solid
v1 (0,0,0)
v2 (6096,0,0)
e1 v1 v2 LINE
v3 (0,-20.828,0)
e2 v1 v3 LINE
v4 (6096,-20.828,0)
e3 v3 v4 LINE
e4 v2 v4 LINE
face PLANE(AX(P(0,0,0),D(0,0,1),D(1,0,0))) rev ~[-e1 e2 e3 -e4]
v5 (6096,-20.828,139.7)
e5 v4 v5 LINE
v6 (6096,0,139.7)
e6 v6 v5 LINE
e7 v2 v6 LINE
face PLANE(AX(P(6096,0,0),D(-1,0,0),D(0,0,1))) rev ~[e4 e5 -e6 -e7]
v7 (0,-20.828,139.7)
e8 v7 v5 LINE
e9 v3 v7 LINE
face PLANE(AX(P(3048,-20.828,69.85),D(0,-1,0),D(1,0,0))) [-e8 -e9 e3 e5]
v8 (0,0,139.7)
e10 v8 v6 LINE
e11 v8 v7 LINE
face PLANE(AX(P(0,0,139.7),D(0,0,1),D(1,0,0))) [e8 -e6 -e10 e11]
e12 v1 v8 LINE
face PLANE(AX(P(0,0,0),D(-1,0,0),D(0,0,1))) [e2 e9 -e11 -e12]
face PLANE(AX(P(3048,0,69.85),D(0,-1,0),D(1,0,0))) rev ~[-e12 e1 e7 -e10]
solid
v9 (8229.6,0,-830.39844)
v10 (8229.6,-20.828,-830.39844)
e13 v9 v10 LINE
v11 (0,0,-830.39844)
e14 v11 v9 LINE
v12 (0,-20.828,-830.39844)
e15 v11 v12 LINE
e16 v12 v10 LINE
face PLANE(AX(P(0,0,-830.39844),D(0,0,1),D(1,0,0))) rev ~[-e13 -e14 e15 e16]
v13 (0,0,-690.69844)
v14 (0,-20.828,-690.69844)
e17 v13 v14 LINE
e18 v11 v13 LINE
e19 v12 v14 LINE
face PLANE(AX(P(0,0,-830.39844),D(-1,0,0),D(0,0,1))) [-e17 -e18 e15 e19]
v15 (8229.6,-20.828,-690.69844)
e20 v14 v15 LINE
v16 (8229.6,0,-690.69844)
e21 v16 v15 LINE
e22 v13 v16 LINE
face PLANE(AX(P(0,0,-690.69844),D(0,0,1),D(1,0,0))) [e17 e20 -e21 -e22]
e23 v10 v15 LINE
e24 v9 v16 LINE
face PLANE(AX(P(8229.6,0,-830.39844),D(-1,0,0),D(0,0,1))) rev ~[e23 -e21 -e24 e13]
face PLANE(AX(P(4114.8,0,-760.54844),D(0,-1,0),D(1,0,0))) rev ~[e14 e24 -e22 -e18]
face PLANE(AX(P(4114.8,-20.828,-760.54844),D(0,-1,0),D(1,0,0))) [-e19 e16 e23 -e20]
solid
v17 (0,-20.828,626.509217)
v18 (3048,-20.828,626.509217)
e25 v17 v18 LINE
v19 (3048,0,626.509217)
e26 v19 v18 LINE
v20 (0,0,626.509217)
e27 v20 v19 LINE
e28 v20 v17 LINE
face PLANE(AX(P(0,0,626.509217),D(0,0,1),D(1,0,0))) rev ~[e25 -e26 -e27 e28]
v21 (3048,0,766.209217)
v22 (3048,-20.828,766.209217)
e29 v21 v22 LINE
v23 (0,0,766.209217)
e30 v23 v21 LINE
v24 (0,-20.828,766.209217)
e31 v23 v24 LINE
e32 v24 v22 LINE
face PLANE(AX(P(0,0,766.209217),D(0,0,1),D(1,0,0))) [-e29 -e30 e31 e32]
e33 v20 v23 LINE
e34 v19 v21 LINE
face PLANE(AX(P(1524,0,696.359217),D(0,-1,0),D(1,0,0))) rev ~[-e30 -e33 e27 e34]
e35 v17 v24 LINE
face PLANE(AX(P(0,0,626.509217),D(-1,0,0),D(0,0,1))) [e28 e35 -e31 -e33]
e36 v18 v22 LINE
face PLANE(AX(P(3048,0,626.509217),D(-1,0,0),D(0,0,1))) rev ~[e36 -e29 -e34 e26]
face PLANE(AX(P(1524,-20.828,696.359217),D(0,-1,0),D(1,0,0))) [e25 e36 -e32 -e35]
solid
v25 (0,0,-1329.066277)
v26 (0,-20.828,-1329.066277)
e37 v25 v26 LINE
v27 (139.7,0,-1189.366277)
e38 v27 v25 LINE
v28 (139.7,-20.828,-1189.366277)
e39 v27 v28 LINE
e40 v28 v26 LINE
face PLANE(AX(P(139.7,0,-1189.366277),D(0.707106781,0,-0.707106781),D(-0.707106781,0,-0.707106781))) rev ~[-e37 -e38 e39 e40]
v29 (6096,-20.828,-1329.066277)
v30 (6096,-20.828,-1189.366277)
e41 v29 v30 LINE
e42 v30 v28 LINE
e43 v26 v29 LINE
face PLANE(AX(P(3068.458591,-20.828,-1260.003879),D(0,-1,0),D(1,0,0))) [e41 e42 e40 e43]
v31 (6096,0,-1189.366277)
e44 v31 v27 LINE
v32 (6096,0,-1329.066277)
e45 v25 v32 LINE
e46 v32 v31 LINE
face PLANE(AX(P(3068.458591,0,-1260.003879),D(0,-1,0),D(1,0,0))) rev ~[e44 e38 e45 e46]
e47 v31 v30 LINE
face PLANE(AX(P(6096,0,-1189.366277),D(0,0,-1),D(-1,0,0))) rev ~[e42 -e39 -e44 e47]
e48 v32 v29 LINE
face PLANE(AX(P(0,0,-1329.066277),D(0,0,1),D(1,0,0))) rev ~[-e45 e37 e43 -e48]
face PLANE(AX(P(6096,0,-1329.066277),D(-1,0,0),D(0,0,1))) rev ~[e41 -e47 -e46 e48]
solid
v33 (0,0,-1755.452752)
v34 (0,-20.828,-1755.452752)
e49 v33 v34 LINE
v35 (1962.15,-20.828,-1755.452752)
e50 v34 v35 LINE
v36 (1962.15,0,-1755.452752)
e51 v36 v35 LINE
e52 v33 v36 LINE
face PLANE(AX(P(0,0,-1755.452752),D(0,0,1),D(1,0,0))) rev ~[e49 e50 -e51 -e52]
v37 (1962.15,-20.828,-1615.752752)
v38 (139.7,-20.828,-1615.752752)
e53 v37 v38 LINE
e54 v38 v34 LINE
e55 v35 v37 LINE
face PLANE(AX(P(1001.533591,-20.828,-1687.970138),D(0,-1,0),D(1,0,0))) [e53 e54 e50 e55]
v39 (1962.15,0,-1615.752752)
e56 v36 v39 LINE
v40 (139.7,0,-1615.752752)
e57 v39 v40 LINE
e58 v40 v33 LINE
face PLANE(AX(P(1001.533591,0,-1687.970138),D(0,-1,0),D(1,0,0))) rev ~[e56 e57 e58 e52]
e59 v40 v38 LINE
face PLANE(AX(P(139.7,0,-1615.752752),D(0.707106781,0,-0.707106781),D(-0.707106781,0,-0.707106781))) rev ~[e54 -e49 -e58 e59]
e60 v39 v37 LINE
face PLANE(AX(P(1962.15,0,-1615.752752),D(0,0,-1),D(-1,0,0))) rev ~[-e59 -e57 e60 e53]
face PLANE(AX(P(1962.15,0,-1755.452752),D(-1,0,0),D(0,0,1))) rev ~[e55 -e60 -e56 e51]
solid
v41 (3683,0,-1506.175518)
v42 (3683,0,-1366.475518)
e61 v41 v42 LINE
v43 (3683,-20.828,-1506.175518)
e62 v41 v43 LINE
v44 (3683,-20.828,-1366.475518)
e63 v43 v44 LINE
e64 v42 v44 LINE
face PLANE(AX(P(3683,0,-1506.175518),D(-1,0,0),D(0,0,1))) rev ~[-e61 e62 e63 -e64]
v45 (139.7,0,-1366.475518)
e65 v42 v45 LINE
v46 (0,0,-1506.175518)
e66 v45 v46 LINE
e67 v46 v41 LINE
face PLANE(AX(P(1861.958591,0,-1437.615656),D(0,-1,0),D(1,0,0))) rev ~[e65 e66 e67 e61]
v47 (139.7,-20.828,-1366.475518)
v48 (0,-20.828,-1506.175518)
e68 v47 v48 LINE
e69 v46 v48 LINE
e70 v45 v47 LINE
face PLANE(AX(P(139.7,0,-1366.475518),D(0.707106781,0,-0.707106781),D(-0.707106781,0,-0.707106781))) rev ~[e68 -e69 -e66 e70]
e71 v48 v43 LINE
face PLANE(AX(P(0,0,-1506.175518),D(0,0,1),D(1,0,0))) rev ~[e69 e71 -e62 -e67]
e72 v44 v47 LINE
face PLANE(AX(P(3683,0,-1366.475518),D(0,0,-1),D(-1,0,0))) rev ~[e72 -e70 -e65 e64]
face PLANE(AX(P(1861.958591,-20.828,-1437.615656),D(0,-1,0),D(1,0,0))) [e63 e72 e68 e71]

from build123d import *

# Parameters (mm, degrees)
F0_W      = 6096
F0_H      = 139.7
F1_DEPTH  = 20.828
F2_W      = 3048
F2_H      = 139.7
F3_DEPTH  = 20.828
F4_W      = 8229.6
F4_H      = 139.7
F5_DEPTH  = 20.828
F7_DEPTH  = 20.828
F9_DEPTH  = 20.828
F11_DEPTH = 20.828


with BuildPart() as f1:
    # F0 (on Front) → F1 (new body)
    with BuildSketch(Plane.XZ):
        with Locations((3048, 69.85)):
            Rectangle(F0_W, F0_H)
    extrude(amount=F1_DEPTH)


with BuildPart() as f3:
    # F2 (on Front) → F3 (new body)
    with BuildSketch(Plane.XZ):
        with Locations((1524, 696.359217)):
            Rectangle(F2_W, F2_H)
    extrude(amount=F3_DEPTH)


with BuildPart() as f5:
    # F4 (on Front) → F5 (new body)
    with BuildSketch(Plane.XZ):
        with Locations((4114.8, -760.54844)):
            Rectangle(F4_W, F4_H)
    extrude(amount=F5_DEPTH)


with BuildPart() as f7:
    # F6 (on Front) → F7 (new body)
    with BuildSketch(Plane.XZ):
        Polygon((6096, -1189.366277), (139.7, -1189.366277), (0, -1329.066277), (6096, -1329.066277), align=None)
    extrude(amount=F7_DEPTH)


with BuildPart() as f9:
    # F8 (on Front) → F9 (new body)
    with BuildSketch(Plane.XZ):
        Polygon((1962.15, -1615.752752), (139.7, -1615.752752), (0, -1755.452752), (1962.15, -1755.452752), align=None)
    extrude(amount=F9_DEPTH)


with BuildPart() as f11:
    # F10 (on Front) → F11 (new body)
    with BuildSketch(Plane.XZ):
        Polygon((3683, -1366.475518), (139.7, -1366.475518), (0, -1506.175518), (3683, -1506.175518), align=None)
    extrude(amount=F11_DEPTH)


solid = Compound([f1.part, f3.part, f5.part, f7.part, f9.part, f11.part])
